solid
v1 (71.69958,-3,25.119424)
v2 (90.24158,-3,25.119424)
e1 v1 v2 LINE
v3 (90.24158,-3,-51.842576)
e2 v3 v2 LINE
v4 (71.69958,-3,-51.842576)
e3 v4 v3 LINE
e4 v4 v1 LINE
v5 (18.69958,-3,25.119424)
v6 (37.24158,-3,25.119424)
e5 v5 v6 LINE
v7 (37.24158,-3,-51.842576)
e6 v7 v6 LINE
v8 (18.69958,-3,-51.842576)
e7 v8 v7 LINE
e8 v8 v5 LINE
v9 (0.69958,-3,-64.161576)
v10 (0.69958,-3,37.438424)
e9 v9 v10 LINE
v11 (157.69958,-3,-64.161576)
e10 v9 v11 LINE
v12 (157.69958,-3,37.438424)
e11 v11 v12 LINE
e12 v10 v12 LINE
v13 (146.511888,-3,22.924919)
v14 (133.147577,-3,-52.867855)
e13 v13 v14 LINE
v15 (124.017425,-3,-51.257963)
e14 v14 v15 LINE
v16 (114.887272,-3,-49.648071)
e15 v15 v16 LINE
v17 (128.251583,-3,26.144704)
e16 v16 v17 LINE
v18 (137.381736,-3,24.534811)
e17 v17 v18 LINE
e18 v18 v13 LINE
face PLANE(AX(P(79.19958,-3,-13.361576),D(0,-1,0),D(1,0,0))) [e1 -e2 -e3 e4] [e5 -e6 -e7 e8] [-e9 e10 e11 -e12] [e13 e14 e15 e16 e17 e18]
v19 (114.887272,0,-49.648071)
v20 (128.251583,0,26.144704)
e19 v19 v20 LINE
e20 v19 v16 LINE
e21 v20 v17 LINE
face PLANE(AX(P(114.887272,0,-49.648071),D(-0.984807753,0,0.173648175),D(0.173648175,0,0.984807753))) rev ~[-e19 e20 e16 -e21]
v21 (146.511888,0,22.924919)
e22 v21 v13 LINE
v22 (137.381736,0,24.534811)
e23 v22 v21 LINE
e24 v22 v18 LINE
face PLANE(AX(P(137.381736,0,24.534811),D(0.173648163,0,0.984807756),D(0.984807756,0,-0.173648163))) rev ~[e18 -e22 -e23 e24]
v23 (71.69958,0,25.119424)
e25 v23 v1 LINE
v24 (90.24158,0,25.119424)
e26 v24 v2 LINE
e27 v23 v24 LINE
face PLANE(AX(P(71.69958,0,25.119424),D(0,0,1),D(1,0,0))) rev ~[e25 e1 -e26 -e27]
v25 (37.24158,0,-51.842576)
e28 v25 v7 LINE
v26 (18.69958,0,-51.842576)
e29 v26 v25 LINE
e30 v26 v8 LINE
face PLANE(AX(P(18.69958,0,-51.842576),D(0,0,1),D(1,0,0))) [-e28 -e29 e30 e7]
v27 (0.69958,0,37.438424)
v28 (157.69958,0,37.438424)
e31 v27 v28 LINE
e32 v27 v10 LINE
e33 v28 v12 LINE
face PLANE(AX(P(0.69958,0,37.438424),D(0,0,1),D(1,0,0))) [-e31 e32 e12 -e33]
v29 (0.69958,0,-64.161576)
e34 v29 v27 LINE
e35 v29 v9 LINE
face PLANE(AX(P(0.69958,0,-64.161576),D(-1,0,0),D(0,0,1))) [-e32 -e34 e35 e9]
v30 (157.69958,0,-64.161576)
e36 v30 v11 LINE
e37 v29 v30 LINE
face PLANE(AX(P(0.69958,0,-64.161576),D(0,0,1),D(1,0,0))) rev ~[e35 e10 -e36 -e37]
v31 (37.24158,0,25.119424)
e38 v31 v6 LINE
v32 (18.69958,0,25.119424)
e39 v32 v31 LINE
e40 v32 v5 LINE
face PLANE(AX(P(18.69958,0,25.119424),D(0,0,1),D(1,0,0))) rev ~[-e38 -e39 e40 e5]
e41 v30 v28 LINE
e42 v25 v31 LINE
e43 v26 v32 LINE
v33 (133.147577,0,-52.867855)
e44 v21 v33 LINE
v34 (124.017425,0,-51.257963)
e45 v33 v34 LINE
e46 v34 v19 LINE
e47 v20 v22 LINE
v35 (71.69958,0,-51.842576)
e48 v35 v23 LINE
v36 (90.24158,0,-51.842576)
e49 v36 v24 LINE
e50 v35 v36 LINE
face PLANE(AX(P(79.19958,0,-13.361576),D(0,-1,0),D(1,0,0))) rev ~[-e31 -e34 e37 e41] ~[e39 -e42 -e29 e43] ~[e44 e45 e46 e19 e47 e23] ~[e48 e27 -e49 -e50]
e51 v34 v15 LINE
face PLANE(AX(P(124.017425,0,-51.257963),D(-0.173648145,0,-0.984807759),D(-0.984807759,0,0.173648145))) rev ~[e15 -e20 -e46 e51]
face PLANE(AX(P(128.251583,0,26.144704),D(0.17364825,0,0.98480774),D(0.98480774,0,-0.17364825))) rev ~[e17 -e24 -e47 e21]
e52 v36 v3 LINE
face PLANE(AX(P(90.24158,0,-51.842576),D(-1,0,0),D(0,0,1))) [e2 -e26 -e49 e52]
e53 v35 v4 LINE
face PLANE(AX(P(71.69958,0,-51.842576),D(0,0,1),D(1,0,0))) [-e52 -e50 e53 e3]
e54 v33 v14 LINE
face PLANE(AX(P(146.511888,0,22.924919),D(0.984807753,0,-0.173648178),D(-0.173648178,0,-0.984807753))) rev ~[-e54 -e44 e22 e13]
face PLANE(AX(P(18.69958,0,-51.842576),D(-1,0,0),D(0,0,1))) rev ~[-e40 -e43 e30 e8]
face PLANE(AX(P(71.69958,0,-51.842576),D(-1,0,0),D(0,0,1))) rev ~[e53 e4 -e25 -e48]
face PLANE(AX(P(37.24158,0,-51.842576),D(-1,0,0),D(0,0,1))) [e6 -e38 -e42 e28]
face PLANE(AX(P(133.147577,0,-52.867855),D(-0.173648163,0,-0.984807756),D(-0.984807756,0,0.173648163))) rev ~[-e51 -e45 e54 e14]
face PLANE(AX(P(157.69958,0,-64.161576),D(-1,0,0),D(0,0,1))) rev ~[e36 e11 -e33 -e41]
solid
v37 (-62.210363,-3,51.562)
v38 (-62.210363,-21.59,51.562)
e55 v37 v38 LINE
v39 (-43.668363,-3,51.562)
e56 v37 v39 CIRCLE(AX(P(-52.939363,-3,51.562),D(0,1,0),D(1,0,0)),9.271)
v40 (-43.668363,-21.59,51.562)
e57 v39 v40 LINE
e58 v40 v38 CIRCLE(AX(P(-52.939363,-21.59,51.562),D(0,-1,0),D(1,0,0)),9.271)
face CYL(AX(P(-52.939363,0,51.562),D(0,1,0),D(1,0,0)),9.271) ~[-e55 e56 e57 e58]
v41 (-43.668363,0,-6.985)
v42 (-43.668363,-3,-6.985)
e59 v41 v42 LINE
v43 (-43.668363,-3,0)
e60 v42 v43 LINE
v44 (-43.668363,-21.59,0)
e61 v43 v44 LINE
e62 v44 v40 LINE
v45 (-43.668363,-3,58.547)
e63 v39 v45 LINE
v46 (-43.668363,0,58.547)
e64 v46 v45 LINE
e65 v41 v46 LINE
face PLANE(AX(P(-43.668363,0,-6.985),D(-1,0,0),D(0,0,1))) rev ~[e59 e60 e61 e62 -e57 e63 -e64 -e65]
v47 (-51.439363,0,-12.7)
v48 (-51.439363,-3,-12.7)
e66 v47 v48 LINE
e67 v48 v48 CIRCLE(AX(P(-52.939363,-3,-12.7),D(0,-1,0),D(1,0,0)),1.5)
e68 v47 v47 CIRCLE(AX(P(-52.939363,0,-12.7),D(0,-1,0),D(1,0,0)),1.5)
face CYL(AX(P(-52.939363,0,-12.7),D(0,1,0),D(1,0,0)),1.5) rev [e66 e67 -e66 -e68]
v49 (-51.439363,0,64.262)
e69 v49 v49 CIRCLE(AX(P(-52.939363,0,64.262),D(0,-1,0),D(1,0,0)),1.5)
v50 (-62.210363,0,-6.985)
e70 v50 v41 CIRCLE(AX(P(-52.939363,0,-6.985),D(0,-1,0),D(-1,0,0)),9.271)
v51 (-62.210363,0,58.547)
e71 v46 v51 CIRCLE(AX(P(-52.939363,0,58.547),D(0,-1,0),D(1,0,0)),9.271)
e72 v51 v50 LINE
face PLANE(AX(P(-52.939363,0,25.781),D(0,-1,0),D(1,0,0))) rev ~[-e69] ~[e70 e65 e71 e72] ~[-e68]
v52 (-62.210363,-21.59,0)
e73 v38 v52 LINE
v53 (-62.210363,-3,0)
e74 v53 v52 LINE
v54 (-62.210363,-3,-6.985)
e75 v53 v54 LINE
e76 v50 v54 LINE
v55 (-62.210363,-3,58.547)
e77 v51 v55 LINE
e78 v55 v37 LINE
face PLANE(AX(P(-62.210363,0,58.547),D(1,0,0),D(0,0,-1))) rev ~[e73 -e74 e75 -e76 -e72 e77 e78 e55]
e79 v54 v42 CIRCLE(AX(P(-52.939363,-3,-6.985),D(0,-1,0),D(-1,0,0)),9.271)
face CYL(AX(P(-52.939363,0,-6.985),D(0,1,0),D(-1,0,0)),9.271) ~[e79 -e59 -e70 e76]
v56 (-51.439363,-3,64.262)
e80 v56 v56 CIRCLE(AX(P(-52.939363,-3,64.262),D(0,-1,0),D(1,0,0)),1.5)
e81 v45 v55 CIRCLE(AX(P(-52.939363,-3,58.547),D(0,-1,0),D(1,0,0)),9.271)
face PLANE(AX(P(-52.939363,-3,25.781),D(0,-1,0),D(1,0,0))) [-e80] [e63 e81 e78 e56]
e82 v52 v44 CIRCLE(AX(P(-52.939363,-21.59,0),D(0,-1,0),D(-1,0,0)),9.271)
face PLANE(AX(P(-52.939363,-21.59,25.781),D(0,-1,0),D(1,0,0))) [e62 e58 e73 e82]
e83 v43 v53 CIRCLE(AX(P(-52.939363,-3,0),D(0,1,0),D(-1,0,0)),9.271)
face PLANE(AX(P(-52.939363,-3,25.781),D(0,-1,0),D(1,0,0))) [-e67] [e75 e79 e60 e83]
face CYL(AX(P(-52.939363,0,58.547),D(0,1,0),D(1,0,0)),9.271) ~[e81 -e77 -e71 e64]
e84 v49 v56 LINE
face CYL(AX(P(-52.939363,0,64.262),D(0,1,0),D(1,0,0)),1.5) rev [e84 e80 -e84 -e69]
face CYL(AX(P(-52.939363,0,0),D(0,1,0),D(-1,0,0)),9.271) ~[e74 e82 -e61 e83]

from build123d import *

# Parameters (mm, degrees)
F2_DEPTH = 21.59
F0_R     = 1.5
F3_DEPTH = 3
F1_W     = 157
F1_H     = 101.6
F1_W_2   = 18.542
F1_H_2   = 76.962
F4_DEPTH = 3


with BuildPart() as f2:
    # F0 (on Front) → F2 (new body)
    with BuildSketch(Plane.XZ):
        with BuildLine():
            Line((-43.668363, 0), (-43.668363, 51.562))
            ThreePointArc((-43.668363, 51.562), (-52.939363, 60.833), (-62.210363, 51.562))
            Line((-62.210363, 51.562), (-62.210363, 0))
            ThreePointArc((-62.210363, 0), (-52.939363, -9.271), (-43.668363, 0))
        make_face()
    extrude(amount=F2_DEPTH)

    # F0 (on Front) → F3 (join)
    with BuildSketch(Plane.XZ):
        with BuildLine():
            Line((-43.668363, 0), (-43.668363, 51.562))
            ThreePointArc((-43.668363, 51.562), (-52.939363, 60.833), (-62.210363, 51.562))
            Line((-62.210363, 51.562), (-62.210363, 0))
            ThreePointArc((-62.210363, 0), (-52.939363, -9.271), (-43.668363, 0))
        make_face()
        with BuildLine():
            ThreePointArc((-62.210363, 51.562), (-52.939363, 60.833), (-43.668363, 51.562))
            Line((-43.668363, 51.562), (-43.668363, 58.547))
            ThreePointArc((-43.668363, 58.547), (-52.939363, 67.818), (-62.210363, 58.547))
            Line((-62.210363, 58.547), (-62.210363, 51.562))
        make_face()
        with Locations((-52.939363, 64.262)):
            Circle(F0_R, mode=Mode.SUBTRACT)
        with BuildLine():
            Line((-43.668363, -6.985), (-43.668363, 0))
            ThreePointArc((-43.668363, 0), (-52.939363, -9.271), (-62.210363, 0))
            Line((-62.210363, 0), (-62.210363, -6.985))
            ThreePointArc((-62.210363, -6.985), (-52.939363, -16.256), (-43.668363, -6.985))
        make_face()
        with Locations((-52.939363, -12.7)):
            Circle(F0_R, mode=Mode.SUBTRACT)
    extrude(amount=F3_DEPTH)


with BuildPart() as f4:
    # F1 (on Front) → F4 (new body)
    with BuildSketch(Plane.XZ):
        with Locations((79.19958, -13.361576)):
            Rectangle(F1_W, F1_H)
        with Locations((27.97058, -13.361576)):
            Rectangle(F1_W_2, F1_H_2, mode=Mode.SUBTRACT)
        with Locations((80.97058, -13.361576)):
            Rectangle(F1_W_2, F1_H_2, mode=Mode.SUBTRACT)
        Polygon((114.887272, -49.648071), (128.251583, 26.144704), (137.381736, 24.534811), (146.511888, 22.924919), (133.147577, -52.867855), (124.017425, -51.257963), align=None, mode=Mode.SUBTRACT)
    extrude(amount=F4_DEPTH)


solid = Compound([f2.part, f4.part])
